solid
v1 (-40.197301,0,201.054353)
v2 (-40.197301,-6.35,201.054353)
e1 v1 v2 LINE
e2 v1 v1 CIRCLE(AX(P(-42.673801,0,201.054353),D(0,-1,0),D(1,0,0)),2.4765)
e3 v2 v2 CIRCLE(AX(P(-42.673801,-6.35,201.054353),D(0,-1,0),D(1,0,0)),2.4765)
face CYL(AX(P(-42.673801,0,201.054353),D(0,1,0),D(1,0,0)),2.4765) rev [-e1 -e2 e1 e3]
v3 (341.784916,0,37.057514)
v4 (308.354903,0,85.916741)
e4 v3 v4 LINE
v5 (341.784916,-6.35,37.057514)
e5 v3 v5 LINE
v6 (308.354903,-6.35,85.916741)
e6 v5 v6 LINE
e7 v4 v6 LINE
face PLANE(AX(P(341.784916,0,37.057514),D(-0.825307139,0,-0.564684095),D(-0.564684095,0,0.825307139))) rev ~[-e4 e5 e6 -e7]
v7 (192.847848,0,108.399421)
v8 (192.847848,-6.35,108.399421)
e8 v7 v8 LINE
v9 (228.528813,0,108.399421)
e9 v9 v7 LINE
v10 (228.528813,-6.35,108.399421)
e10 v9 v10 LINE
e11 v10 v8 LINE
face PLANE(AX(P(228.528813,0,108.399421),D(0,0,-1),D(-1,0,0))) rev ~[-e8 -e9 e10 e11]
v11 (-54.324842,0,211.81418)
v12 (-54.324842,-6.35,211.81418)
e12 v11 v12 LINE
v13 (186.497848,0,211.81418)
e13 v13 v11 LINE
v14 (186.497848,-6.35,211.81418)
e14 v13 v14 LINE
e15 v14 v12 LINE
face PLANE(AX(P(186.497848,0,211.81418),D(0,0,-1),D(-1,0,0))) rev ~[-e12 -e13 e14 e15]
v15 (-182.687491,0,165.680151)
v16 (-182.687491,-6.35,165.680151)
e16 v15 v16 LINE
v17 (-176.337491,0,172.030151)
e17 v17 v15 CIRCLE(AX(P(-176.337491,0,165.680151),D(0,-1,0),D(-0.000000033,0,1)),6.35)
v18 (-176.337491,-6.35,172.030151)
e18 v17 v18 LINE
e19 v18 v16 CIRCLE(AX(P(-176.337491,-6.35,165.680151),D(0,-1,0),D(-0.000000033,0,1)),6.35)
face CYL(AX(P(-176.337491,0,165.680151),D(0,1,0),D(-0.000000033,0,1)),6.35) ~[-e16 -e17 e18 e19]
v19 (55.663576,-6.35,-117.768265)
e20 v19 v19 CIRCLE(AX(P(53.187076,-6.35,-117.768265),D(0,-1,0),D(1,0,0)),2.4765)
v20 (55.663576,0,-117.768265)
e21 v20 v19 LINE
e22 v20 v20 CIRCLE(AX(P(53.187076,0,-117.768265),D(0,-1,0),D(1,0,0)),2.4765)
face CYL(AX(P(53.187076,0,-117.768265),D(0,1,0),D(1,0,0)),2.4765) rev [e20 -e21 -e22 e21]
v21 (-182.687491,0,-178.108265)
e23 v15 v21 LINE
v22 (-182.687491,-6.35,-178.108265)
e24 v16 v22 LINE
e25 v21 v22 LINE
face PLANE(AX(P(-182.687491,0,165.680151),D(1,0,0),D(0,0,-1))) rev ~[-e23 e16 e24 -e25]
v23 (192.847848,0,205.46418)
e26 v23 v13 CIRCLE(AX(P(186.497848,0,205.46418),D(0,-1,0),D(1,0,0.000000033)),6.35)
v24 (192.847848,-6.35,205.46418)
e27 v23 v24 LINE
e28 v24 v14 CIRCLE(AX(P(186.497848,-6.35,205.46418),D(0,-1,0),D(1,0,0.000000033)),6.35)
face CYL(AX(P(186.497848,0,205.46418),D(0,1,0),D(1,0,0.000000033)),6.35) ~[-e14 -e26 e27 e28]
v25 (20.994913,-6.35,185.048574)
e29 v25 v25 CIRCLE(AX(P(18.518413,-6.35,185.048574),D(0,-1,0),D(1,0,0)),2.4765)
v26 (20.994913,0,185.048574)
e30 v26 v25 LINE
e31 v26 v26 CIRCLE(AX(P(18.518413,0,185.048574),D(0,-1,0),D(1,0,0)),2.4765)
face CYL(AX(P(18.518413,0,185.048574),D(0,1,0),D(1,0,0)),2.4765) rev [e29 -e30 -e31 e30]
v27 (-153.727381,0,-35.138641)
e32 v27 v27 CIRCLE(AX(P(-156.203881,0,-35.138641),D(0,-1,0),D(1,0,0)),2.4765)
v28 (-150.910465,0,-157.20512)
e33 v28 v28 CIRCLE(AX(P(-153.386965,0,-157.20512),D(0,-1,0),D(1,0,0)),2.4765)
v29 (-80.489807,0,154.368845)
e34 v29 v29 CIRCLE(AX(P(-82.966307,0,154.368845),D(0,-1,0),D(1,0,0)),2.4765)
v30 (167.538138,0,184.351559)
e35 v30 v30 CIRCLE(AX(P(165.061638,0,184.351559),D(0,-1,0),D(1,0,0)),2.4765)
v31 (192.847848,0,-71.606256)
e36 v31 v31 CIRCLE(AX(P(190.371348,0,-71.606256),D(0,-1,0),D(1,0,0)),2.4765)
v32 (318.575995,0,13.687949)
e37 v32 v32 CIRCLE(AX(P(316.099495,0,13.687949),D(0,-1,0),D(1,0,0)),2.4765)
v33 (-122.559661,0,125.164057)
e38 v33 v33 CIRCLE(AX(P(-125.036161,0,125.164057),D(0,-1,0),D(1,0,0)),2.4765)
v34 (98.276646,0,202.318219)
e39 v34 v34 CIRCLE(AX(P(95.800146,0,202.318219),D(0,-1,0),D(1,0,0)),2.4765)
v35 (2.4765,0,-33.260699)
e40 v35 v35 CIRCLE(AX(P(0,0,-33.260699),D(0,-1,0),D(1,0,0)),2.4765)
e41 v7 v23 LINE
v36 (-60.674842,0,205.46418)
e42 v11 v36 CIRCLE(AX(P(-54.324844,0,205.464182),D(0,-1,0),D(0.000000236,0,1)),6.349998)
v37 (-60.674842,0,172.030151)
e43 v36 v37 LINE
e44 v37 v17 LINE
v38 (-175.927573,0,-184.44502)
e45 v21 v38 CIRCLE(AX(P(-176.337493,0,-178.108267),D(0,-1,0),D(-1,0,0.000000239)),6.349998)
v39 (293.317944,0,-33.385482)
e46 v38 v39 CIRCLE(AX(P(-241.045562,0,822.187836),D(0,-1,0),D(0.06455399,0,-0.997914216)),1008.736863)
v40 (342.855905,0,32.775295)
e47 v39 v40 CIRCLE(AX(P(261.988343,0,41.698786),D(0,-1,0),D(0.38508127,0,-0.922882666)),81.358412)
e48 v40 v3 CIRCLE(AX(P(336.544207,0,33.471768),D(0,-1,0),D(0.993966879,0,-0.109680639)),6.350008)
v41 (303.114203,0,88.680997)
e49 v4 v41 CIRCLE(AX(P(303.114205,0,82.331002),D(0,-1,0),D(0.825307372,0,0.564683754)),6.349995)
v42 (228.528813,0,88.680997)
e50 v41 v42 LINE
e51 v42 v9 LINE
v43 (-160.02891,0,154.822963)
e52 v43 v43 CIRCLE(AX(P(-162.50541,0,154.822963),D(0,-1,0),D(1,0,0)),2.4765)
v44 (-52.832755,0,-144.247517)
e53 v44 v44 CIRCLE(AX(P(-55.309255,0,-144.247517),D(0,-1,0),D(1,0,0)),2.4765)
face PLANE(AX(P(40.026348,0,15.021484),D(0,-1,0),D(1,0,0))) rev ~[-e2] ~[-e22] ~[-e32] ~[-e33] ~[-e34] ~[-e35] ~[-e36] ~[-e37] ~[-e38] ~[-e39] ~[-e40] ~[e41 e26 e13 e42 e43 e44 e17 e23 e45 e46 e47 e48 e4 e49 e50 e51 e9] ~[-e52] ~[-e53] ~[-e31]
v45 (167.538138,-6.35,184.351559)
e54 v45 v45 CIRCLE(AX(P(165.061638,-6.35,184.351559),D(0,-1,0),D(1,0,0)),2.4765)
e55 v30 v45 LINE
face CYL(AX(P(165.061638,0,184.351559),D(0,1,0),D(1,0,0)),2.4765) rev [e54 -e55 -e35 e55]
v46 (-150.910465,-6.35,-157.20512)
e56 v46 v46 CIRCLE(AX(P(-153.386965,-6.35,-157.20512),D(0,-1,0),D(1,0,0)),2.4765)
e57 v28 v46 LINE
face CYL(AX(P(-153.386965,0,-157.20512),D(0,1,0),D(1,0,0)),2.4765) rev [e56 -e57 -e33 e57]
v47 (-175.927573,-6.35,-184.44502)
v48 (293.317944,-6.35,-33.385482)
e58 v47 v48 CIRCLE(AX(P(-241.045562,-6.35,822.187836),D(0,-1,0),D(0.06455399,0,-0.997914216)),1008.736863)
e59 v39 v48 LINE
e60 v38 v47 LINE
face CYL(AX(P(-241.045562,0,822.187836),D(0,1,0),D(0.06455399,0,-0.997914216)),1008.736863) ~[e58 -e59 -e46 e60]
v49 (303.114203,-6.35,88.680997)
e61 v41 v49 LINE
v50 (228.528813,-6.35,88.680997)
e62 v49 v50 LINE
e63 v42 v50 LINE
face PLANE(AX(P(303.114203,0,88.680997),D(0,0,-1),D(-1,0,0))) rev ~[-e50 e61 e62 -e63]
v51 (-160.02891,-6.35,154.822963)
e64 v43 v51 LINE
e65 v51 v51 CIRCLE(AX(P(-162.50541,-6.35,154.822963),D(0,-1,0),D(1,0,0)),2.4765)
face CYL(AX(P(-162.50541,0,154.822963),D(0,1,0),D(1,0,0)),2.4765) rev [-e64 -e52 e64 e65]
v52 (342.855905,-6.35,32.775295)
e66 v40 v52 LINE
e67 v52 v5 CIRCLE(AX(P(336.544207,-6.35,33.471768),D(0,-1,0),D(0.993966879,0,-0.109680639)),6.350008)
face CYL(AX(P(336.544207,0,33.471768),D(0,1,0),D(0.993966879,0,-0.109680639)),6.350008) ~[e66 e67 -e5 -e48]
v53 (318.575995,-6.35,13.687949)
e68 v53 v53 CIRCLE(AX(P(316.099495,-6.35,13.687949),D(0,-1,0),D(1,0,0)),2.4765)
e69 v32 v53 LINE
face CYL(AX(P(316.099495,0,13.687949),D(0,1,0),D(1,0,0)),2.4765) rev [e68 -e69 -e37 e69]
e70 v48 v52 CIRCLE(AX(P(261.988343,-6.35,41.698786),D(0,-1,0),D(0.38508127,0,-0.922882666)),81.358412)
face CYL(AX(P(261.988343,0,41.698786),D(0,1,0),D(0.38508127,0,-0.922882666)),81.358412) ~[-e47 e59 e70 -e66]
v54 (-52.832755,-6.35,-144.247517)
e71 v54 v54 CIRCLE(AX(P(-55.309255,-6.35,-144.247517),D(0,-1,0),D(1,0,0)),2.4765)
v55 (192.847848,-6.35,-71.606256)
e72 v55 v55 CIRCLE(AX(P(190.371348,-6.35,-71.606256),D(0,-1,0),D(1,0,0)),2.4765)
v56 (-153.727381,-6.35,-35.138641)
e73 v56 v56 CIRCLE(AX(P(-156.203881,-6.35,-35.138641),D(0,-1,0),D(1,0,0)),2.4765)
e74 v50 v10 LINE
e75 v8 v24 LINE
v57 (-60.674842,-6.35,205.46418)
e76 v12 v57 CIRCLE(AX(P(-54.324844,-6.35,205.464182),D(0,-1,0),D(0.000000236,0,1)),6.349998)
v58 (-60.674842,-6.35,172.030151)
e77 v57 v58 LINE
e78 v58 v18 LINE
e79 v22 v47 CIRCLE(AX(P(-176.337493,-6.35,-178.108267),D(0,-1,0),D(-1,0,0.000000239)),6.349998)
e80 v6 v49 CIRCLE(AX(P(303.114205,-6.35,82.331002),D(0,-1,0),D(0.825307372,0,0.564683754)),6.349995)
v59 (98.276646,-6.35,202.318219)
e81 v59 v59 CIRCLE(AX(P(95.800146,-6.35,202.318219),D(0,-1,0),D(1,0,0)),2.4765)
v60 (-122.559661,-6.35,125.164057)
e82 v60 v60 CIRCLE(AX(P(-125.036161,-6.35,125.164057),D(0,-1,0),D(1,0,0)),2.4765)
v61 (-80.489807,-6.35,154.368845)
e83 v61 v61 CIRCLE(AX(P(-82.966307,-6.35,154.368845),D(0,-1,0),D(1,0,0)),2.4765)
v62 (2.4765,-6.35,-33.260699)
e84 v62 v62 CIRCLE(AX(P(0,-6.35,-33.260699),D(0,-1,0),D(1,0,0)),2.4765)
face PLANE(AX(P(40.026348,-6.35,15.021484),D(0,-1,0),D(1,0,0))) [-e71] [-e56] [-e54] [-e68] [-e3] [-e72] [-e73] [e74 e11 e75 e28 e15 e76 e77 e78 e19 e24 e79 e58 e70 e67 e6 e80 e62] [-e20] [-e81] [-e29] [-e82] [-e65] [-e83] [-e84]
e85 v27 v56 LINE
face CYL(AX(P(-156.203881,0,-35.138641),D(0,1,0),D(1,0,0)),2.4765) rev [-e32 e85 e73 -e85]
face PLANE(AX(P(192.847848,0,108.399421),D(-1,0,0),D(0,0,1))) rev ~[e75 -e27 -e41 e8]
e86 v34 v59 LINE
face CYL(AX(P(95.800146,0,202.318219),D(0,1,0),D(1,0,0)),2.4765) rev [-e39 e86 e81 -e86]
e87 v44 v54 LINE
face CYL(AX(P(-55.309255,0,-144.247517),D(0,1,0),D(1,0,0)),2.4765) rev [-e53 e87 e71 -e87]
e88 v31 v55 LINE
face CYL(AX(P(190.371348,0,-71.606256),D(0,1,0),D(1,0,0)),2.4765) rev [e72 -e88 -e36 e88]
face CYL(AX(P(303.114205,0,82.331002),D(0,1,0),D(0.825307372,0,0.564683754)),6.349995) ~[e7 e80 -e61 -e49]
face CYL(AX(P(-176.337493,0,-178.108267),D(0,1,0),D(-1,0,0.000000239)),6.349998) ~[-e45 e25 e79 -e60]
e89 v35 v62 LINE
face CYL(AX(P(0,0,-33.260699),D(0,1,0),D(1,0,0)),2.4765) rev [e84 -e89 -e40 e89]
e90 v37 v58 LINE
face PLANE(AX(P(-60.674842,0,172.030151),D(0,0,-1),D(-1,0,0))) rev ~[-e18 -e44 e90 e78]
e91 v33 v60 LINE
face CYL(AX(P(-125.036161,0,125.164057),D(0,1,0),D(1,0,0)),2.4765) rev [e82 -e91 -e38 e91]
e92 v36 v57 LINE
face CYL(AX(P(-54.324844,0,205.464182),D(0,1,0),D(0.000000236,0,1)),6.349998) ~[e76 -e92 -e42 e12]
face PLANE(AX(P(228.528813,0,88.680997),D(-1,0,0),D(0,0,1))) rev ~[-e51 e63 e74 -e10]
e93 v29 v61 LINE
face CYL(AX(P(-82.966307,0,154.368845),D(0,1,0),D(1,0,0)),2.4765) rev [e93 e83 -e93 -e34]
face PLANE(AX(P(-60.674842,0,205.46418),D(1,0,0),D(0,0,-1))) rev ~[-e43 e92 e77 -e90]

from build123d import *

# Parameters (mm, degrees)
F0_R     = 2.4765
F1_DEPTH = 6.35


with BuildPart() as f1:
    # F0 (on Front) → F1 (new body)
    with BuildSketch(Plane.XZ):
        with BuildLine():
            Line((-182.687491, 165.680151), (-182.687491, -178.108265))
            ThreePointArc((-182.687491, -178.108265), (-180.680274, -182.741055), (-175.927573, -184.44502))
            ThreePointArc((-175.927573, -184.44502), (68.064874, -138.02089), (293.317944, -33.385482))
            ThreePointArc((293.317944, -33.385482), (327.11409, -7.064195), (342.855905, 32.775295))
            ThreePointArc((342.855905, 32.775295), (342.704473, 35.012459), (341.784916, 37.057514))
            Line((341.784916, 37.057514), (308.354903, 85.916741))
            ThreePointArc((308.354903, 85.916741), (306.076721, 87.947579), (303.114203, 88.680997))
            Line((303.114203, 88.680997), (228.528813, 88.680997))
            Line((228.528813, 88.680997), (228.528813, 108.399421))
            Line((228.528813, 108.399421), (192.847848, 108.399421))
            Line((192.847848, 108.399421), (192.847848, 172.030151))
            Line((192.847848, 172.030151), (-60.674842, 172.030151))
            Line((-60.674842, 172.030151), (-176.337491, 172.030151))
            ThreePointArc((-176.337491, 172.030151), (-180.827619, 170.170279), (-182.687491, 165.680151))
        make_face()
        with Locations((-153.386965, -157.20512)):
            Circle(F0_R, mode=Mode.SUBTRACT)
        with Locations((-55.309255, -144.247517)):
            Circle(F0_R, mode=Mode.SUBTRACT)
        with Locations((53.187076, -117.768265)):
            Circle(F0_R, mode=Mode.SUBTRACT)
        with Locations((-156.203881, -35.138641)):
            Circle(F0_R, mode=Mode.SUBTRACT)
        with Locations((0, -33.260699)):
            Circle(F0_R, mode=Mode.SUBTRACT)
        with Locations((190.371348, -71.606256)):
            Circle(F0_R, mode=Mode.SUBTRACT)
        with Locations((-125.036161, 125.164057)):
            Circle(F0_R, mode=Mode.SUBTRACT)
        with Locations((-162.50541, 154.822963)):
            Circle(F0_R, mode=Mode.SUBTRACT)
        with Locations((-82.966307, 154.368845)):
            Circle(F0_R, mode=Mode.SUBTRACT)
        with Locations((316.099495, 13.687949)):
            Circle(F0_R, mode=Mode.SUBTRACT)
        with BuildLine():
            Line((-60.674842, 205.46418), (-60.674842, 172.030151))
            Line((-60.674842, 172.030151), (192.847848, 172.030151))
            Line((192.847848, 172.030151), (192.847848, 205.46418))
            ThreePointArc((192.847848, 205.46418), (190.987976, 209.954308), (186.497848, 211.81418))
            Line((186.497848, 211.81418), (-54.324842, 211.81418))
            ThreePointArc((-54.324842, 211.81418), (-58.814971, 209.954308), (-60.674842, 205.46418))
        make_face()
        with Locations((-42.673801, 201.054353)):
            Circle(F0_R, mode=Mode.SUBTRACT)
        with Locations((18.518413, 185.048574)):
            Circle(F0_R, mode=Mode.SUBTRACT)
        with Locations((95.800146, 202.318219)):
            Circle(F0_R, mode=Mode.SUBTRACT)
        with Locations((165.061638, 184.351559)):
            Circle(F0_R, mode=Mode.SUBTRACT)
    extrude(amount=F1_DEPTH)


solid = f1.part
